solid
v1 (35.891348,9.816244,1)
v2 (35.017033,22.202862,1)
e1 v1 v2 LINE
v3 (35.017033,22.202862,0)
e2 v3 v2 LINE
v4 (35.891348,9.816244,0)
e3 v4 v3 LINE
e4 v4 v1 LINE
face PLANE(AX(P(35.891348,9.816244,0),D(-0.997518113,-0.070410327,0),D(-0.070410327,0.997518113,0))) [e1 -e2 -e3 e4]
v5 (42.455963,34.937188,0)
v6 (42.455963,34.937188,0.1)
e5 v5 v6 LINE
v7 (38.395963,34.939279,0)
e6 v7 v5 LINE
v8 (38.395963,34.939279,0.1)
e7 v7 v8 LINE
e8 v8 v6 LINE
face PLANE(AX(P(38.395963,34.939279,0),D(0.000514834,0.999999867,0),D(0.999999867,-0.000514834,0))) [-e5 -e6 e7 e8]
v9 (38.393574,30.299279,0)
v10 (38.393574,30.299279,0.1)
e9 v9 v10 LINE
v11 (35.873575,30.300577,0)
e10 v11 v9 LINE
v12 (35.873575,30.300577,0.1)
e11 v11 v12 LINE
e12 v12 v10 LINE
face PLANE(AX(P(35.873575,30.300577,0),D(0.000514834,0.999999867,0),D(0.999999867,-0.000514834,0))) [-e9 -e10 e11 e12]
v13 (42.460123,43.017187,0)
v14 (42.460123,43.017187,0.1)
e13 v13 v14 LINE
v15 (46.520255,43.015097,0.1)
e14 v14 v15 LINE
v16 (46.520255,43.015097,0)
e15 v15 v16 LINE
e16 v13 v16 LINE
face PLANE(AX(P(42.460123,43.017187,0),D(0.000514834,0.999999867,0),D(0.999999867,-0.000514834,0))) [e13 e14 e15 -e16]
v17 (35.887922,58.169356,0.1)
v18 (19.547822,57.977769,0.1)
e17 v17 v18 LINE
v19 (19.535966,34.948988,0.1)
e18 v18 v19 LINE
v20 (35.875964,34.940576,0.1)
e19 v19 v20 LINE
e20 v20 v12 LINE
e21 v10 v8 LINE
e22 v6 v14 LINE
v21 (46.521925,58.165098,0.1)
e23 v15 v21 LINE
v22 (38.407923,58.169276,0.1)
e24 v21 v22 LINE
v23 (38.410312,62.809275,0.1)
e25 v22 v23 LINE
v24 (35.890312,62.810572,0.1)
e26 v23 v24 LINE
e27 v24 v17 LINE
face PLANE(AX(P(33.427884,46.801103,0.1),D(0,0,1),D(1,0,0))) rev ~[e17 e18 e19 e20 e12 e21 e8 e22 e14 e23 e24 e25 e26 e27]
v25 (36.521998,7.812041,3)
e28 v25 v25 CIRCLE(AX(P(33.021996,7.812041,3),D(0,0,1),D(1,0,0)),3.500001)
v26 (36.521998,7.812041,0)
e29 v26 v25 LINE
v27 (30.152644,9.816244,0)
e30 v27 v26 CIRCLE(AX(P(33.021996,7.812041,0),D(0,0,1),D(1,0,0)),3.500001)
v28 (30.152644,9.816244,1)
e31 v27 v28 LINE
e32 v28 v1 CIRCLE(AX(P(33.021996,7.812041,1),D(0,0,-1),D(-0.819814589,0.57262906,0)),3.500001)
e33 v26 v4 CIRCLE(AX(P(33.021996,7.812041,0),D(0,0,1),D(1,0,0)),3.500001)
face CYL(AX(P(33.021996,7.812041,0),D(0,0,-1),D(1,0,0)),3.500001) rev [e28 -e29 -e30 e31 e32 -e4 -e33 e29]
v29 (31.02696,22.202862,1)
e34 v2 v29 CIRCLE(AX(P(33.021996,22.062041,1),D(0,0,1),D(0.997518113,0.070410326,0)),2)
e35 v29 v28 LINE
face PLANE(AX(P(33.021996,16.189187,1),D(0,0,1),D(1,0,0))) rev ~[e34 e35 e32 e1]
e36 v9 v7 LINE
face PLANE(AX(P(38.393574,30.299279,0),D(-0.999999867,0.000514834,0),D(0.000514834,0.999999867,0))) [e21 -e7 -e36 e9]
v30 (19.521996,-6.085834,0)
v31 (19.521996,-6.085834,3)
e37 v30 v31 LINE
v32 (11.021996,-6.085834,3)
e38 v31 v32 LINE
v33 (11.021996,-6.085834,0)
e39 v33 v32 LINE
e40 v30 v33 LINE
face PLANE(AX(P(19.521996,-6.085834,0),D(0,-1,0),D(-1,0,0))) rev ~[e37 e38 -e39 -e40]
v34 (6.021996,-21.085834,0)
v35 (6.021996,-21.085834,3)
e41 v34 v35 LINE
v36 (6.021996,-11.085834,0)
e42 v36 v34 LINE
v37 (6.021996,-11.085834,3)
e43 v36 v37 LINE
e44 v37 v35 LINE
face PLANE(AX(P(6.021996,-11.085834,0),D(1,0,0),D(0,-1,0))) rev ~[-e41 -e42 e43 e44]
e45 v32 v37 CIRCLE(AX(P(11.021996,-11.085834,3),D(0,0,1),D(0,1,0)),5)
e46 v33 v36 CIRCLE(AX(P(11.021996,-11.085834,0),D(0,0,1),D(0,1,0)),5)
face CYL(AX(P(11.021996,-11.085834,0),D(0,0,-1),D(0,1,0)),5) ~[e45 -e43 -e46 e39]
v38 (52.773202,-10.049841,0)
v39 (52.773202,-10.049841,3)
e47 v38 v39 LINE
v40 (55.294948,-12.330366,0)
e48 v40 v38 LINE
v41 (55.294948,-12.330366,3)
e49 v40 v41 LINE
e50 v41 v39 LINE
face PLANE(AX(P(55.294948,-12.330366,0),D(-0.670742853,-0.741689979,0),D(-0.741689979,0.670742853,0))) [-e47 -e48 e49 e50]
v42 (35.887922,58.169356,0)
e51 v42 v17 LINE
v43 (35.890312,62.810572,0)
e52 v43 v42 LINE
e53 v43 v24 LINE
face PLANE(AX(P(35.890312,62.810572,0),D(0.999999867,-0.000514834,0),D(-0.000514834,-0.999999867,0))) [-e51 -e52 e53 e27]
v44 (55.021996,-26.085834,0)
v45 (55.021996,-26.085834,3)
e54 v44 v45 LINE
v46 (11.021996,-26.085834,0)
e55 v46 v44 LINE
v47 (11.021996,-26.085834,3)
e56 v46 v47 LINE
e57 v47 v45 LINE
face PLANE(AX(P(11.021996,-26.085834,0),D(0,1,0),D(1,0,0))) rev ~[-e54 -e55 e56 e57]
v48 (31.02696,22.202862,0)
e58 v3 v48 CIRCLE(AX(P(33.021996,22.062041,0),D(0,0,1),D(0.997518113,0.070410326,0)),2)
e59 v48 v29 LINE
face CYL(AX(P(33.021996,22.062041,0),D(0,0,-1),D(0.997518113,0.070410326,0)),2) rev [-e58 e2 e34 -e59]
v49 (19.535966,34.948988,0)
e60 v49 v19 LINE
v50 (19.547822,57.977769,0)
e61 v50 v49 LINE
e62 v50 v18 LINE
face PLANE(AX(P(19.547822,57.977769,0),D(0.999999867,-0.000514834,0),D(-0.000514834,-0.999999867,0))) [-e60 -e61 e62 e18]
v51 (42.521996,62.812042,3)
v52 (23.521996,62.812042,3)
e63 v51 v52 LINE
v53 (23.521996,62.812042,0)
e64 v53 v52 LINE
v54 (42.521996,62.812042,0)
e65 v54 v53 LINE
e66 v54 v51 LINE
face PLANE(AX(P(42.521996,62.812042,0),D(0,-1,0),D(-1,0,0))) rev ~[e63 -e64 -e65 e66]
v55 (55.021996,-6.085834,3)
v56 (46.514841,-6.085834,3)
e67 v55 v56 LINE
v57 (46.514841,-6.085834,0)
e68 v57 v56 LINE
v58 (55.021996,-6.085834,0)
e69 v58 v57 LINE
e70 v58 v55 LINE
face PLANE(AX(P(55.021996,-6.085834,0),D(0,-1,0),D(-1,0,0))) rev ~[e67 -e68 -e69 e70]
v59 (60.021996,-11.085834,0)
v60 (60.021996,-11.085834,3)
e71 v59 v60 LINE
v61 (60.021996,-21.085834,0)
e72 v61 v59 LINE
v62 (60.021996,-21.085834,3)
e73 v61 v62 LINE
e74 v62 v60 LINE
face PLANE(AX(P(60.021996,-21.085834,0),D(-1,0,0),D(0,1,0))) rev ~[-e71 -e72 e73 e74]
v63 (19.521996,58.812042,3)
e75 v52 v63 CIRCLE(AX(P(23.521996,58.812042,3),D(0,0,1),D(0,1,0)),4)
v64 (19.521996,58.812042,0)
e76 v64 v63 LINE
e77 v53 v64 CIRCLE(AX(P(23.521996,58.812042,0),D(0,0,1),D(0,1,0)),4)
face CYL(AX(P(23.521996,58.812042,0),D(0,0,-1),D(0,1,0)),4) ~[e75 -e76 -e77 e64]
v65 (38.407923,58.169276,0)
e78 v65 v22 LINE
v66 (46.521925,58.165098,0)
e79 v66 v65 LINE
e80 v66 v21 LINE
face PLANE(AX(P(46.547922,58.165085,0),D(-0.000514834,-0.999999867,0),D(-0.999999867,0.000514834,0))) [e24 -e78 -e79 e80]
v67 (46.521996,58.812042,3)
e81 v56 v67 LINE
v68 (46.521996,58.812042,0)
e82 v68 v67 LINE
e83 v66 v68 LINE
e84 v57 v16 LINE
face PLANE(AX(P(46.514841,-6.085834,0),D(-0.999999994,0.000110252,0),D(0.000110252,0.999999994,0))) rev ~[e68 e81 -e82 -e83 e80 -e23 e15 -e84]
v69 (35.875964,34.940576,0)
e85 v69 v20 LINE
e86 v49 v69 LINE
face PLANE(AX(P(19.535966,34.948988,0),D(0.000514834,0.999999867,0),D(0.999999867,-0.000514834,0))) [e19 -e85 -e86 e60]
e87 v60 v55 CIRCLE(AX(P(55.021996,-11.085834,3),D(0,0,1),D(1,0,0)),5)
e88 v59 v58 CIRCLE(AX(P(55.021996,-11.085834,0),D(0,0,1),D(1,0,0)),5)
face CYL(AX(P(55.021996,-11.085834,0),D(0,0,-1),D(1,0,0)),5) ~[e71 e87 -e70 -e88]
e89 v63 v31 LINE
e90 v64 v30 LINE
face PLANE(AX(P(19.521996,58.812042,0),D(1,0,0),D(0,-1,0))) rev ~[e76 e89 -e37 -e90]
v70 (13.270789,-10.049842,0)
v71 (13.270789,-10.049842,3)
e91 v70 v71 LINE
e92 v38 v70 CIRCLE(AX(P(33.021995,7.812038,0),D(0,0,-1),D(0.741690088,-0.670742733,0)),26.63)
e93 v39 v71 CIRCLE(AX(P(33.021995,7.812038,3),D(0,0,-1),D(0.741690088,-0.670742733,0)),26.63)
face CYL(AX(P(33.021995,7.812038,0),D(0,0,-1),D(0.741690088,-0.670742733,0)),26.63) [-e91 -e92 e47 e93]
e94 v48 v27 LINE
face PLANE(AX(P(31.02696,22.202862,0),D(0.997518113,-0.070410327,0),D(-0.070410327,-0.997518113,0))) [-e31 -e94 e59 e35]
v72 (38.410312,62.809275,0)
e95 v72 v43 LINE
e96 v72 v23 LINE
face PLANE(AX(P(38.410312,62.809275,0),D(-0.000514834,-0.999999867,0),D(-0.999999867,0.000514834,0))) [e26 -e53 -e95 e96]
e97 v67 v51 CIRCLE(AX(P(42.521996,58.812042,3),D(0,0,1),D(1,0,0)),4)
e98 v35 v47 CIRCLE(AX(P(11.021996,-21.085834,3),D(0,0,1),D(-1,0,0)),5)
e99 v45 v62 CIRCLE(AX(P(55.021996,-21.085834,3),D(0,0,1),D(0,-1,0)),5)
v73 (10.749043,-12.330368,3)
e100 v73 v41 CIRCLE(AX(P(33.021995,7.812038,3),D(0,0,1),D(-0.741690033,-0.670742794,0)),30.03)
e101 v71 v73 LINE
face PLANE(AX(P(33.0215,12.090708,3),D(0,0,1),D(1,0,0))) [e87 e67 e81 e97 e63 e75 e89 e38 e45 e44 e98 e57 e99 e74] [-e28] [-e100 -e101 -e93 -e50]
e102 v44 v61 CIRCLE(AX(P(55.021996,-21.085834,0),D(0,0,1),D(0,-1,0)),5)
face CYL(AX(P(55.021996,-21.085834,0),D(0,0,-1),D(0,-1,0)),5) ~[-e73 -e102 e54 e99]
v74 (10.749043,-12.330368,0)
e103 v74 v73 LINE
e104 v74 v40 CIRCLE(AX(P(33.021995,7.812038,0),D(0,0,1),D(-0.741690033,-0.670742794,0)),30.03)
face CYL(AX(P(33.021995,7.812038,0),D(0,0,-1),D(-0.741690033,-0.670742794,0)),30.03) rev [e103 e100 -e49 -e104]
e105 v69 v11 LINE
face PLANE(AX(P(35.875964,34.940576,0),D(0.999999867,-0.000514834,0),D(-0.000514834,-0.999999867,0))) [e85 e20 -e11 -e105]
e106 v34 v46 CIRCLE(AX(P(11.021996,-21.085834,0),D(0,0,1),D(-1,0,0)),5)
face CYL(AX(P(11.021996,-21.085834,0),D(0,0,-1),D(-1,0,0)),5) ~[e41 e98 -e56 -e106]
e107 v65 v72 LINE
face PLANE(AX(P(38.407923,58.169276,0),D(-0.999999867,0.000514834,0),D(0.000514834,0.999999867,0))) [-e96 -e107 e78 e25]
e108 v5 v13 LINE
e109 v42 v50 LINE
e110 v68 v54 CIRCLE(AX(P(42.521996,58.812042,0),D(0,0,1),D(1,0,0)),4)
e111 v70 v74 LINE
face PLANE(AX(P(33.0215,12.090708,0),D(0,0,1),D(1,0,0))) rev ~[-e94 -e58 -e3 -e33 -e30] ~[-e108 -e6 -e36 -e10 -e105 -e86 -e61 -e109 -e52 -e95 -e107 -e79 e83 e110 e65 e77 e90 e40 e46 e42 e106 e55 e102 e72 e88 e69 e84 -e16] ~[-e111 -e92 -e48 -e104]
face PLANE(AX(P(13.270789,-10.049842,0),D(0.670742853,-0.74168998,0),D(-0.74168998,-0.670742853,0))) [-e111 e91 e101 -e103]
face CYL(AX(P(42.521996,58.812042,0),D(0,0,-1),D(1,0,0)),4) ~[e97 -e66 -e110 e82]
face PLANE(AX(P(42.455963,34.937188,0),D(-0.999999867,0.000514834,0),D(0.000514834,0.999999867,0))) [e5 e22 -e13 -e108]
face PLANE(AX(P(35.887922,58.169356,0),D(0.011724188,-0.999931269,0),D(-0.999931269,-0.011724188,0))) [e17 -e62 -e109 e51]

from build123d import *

# Parameters (mm, degrees)
CORTE_EXTERIOR_R        = 3.500001168
SALIENTE_EXTRUIR1_DEPTH = 3
CORTAR_EXTRUIR1_DEPTH   = 1
CORTAR_EXTRUIR2_DEPTH   = 0.1


with BuildPart() as part:
    # Corte exterior → Saliente-Extruir1 (new body)
    with BuildSketch(Plane.XY):
        with BuildLine():
            Line((19.521996462, -6.085833738), (11.021996462, -6.085833738))
            ThreePointArc((11.021996462, -6.085833738), (7.486462556, -7.550299832), (6.021996462, -11.085833738))
            Line((6.021996462, -11.085833738), (6.021996462, -21.085833738))
            ThreePointArc((6.021996462, -21.085833738), (7.486462556, -24.621367644), (11.021996462, -26.085833738))
            Line((11.021996462, -26.085833738), (55.021996462, -26.085833738))
            ThreePointArc((55.021996462, -26.085833738), (58.557530368, -24.621367644), (60.021996462, -21.085833738))
            Line((60.021996462, -21.085833738), (60.021996462, -11.085833738))
            ThreePointArc((60.021996462, -11.085833738), (58.557530368, -7.550299832), (55.021996462, -6.085833738))
            Line((55.021996462, -6.085833738), (46.514841363, -6.085833738))
            Line((46.514841363, -6.085833738), (46.521996462, 58.812041738))
            ThreePointArc((46.521996462, 58.812041738), (45.350423587, 61.640468863), (42.521996462, 62.812041738))
            Line((42.521996462, 62.812041738), (23.521996462, 62.812041738))
            ThreePointArc((23.521996462, 62.812041738), (20.693569337, 61.640468863), (19.521996462, 58.812041738))
            Line((19.521996462, 58.812041738), (19.521996462, -6.085833738))
        make_face()
        with Locations((33.021996462, 7.812041474)):
            Circle(CORTE_EXTERIOR_R, mode=Mode.SUBTRACT)
        with BuildLine():
            Line((55.29494797, -12.330366391), (52.77320204, -10.049840692))
            ThreePointArc((52.77320204, -10.049840692), (33.021996462, -18.817961696), (13.270789317, -10.049842109))
            Line((13.270789317, -10.049842109), (10.749043386, -12.330367808))
            ThreePointArc((10.749043386, -12.330367808), (33.021996462, -22.217961696), (55.29494797, -12.330366391))
        make_face(mode=Mode.SUBTRACT)
    extrude(amount=SALIENTE_EXTRUIR1_DEPTH)

    # Grabado Superficie → Cortar-Extruir1 (cut)
    with BuildSketch(Plane.XY):
        with BuildLine():
            Line((35.89134848, 9.816243852), (35.017032688, 22.202862127))
            ThreePointArc((35.017032688, 22.202862127), (33.021996462, 24.062041474), (31.026960236, 22.202862127))
            Line((31.026960236, 22.202862127), (30.152644444, 9.816243852))
            ThreePointArc((30.152644444, 9.816243852), (33.021996462, 11.312042642), (35.89134848, 9.816243852))
        make_face()
    extrude(amount=CORTAR_EXTRUIR1_DEPTH, mode=Mode.SUBTRACT)

    # grabado linea medio → Cortar-Extruir2 (cut)
    with BuildSketch(Plane.XY):
        Polygon((42.460122518, 43.017187336), (46.540121977, 43.015086813), (46.547921712, 58.165084805), (38.407922791, 58.169275554), (38.41031162, 62.809274939), (35.890311954, 62.810572321), (35.887922498, 58.169356436), (19.547821697, 57.977768849), (19.535965697, 34.948988401), (35.875963531, 34.940576014), (35.873574702, 30.300576629), (38.393574368, 30.299279247), (38.395963198, 34.939278632), (42.455962659, 34.937188407), align=None)
    extrude(amount=CORTAR_EXTRUIR2_DEPTH, mode=Mode.SUBTRACT)


solid = part.part
